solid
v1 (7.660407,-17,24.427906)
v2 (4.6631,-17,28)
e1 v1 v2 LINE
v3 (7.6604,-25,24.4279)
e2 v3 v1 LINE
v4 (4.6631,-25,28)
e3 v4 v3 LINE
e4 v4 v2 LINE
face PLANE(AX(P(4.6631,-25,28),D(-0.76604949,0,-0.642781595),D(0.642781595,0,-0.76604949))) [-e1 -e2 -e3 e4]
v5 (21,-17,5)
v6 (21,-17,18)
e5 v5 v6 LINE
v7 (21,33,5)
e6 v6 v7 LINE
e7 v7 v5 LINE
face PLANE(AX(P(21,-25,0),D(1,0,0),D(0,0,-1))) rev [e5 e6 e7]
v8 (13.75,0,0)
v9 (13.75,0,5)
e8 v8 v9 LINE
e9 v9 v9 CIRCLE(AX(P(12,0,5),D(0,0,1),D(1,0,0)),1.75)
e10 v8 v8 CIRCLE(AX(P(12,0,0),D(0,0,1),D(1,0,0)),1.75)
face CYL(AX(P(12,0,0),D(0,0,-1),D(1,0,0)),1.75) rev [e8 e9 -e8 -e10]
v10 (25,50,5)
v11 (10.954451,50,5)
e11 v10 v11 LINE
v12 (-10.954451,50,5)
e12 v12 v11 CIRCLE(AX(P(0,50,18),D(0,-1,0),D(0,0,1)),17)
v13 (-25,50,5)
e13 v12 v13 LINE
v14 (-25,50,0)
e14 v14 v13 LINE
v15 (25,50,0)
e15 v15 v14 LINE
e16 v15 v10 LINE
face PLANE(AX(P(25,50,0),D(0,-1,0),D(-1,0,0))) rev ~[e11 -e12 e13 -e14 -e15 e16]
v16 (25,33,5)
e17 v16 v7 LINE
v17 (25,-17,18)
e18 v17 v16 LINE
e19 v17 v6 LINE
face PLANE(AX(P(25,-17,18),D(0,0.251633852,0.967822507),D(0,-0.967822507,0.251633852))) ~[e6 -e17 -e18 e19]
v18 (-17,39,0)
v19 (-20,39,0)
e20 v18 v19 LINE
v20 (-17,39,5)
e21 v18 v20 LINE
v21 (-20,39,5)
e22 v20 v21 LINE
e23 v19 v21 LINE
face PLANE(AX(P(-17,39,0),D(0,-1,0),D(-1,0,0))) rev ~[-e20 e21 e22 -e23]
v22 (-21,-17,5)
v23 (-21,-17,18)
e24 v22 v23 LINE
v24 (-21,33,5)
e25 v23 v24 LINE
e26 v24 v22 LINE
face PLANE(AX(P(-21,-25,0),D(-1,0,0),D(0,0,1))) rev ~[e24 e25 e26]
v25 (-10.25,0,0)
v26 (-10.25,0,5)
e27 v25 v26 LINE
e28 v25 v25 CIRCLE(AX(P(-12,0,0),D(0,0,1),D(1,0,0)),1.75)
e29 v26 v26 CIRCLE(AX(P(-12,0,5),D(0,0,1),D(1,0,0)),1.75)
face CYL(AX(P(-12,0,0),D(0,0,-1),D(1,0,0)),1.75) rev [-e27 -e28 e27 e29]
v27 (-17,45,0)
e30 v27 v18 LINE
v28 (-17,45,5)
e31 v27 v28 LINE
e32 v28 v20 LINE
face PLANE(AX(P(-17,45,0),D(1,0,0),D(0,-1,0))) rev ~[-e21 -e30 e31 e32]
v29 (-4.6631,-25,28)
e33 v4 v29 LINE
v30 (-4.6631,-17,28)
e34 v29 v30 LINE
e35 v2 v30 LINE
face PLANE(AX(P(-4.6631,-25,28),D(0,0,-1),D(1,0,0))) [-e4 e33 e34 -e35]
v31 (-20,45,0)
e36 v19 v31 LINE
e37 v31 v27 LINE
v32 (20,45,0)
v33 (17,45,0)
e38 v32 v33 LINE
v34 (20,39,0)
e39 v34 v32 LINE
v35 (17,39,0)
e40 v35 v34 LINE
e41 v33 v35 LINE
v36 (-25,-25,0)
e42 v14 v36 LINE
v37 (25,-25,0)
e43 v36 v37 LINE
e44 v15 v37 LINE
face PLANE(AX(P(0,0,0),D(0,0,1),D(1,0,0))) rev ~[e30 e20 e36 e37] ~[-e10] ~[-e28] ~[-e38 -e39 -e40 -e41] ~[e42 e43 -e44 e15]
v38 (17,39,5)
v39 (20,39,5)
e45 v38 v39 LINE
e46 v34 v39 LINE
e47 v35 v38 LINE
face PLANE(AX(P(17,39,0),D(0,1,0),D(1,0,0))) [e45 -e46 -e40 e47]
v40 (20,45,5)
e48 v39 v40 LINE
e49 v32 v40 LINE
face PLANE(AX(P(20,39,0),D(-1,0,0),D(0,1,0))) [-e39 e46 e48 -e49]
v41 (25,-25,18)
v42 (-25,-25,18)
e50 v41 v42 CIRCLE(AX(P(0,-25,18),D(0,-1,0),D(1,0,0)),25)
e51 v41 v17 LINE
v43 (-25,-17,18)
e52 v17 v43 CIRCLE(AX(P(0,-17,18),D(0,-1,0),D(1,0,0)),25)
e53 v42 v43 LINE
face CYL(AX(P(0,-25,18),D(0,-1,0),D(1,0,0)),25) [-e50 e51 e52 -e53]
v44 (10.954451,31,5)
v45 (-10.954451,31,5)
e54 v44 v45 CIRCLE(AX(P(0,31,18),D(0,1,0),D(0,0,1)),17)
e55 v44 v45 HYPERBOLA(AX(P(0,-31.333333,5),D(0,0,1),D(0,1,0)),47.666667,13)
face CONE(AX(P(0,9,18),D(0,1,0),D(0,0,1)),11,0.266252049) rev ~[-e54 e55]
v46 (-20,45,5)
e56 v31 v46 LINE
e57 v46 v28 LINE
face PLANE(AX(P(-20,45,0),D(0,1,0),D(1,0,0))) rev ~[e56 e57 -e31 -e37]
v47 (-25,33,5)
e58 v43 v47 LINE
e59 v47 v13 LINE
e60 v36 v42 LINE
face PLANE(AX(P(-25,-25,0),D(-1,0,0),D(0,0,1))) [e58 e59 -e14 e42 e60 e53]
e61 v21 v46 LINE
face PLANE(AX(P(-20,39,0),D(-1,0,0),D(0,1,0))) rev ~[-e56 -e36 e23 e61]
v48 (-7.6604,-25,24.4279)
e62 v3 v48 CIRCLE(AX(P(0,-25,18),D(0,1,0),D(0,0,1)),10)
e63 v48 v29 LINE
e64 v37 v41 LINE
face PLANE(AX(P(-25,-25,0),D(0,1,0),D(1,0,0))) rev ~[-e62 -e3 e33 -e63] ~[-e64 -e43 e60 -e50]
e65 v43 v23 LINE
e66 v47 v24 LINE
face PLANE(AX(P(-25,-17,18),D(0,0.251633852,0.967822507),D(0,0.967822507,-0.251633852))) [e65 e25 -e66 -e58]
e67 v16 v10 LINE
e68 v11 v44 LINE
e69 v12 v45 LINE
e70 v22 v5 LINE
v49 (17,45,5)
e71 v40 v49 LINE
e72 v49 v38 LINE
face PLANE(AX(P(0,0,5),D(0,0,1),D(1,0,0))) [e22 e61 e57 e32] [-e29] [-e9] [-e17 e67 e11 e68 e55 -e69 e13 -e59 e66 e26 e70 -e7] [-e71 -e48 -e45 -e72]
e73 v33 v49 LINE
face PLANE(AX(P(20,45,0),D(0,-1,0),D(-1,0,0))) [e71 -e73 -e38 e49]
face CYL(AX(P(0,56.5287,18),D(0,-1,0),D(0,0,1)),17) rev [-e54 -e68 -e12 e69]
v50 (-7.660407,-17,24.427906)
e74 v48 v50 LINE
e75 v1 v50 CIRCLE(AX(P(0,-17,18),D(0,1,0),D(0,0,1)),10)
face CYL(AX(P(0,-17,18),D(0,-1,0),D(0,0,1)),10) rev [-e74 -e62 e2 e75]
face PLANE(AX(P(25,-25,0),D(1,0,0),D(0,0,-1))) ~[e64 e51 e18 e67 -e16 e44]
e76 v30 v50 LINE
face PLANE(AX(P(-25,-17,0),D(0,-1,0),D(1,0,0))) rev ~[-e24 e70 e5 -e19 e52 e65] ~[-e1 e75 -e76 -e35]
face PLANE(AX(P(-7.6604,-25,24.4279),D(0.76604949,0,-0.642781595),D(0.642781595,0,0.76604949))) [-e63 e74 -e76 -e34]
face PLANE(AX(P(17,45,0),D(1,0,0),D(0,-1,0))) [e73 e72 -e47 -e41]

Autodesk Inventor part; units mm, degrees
ref_plane "YZ Plane" through (0, 0, 0) normal (1, 0, 0) x (0, 1, 0)
ref_plane "XZ Plane" through (0, 0, 0) normal (0, 1, 0) x (-1, 0, 0)
ref_plane "XY Plane" through (0, 0, 0) normal (0, 0, 1) x (1, 0, 0)
sketch "Sketch1" plane through (0, 0, 0) normal (0, 0, 1) x (1, 0, 0)
  line L0 (-25, -25) -> (25, -25)
  line L1 (25, -25) -> (25, 25)
  line L2 (25, 25) -> (-25, 25)
  line L3 (-25, 25) -> (-25, -25)
  line L4 (-25, -25) -> (25, 25) construction
  line L5 (25, -25) -> (-25, 25) construction
  line L6 (-25, 0) -> (25, 0) construction
  circle A0 centre (-12, 0) radius 1.75
  line L7 (0, 25) -> (0, -25) construction
  circle A1 centre (12, 0) radius 1.75
  line L8 (-25, 25) -> (25, 25)
  line L9 (25, 25) -> (25, 50)
  line L10 (25, 50) -> (-25, 50)
  line L11 (-25, 50) -> (-25, 25)
  line L12 (-20, 45) -> (-17, 45)
  line L13 (-17, 45) -> (-17, 39)
  line L14 (-17, 39) -> (-20, 39)
  line L15 (-20, 39) -> (-20, 45)
  line L16 (20, 45) -> (17, 45)
  line L17 (17, 45) -> (17, 39)
  line L18 (17, 39) -> (20, 39)
  line L19 (20, 39) -> (20, 45)
  point P0 (0, 0)
  dimension "d0" = 50
  dimension "d1" = 50
  dimension "d14" = 3.5
  dimension "d15" = 24
  dimension "d16" = 25
  dimension "d17" = 5
  dimension "d18" = 6
  dimension "d19" = 3
  dimension "d20" = 17
extrude "Extrusion1" add sketch "Sketch1" along normal blind 5
sketch "Sketch2" plane through (-25, -25, 0) normal (0, -1, 0) x (1, 0, 0)
  line L0 (0, 0) -> (50, 0) projected
  line L1 (0, 5) -> (50, 5) projected
  line L2 (0, 0) -> (0, 5) projected
  arc A0 (17.3396, 24.4279) -> (32.6604, 24.4279) centre (25, 18) ccw
  circle A1 centre (25, 18) radius 17 construction
  line L3 (25, 18) -> (25, 0) construction
  line L4 (0, 5) -> (0, 18)
  arc A2 (50, 18) -> (0, 18) centre (25, 18) ccw
  line L5 (50, 18) -> (50, 5)
  line L6 (25, 18) -> (25, 43) construction
  line L7 (17.3396, 24.4279) -> (20.3369, 28)
  line L8 (25, 33.5572) -> (29.6631, 28)
  line L9 (50, 0) -> (50, 5) projected
  line L10 (20.3369, 28) -> (29.6631, 28)
  arc A3 (32.6604, 24.4279) -> (25, 28) centre (25, 18) ccw
  arc A4 (25, 28) -> (17.3396, 24.4279) centre (25, 18) ccw
  arc A5 (25, 28) -> (17.3396, 24.4279) centre (25, 18) ccw
  arc A6 (32.6604, 24.4279) -> (25, 28) centre (25, 18) ccw
  line L11 (29.6631, 28) -> (32.6604, 24.4279)
  line L12 (20.3369, 28) -> (25, 33.5572)
  dimension "d4" = 20
  dimension "d5" = 34
  dimension "d6" = 18
  dimension "d24" = 80
extrude "Extrusion2" add sketch "Sketch2" against normal blind 8 contours L4 A2 L5 L1 | A4 A3 A0 | L7 L10 A4 | A3 L10 L11 | L12 L8 L10
sketch "Sketch3" plane through (0, 0, 0) normal (1, 0, 0) x (0, 1, 0)
  line L0 (-17, 28) -> (-25, 28) projected
  line L1 (-17, 8) -> (-17, 5) projected
  line L2 (-17, 5) -> (50, 5) projected
  line L3 (50, 0) -> (-25, 0) projected
  line L4 (-25, 0) -> (-25, 8) projected
  line L5 (-25, 43) -> (-17, 43) projected
  line L6 (-17, 43) -> (-17, 28) projected
  line L7 (-25, 8) -> (-17, 8) projected
  line L8 (-25, 28) -> (-25, 43) projected
  line L9 (-25, 8) -> (-25, 28)
  line L10 (-25, 18) -> (31, 18)
  line L11 (9, 29) -> (31, 35)
  line L12 (31, 18) -> (31, 35)
  line L13 (50, 5) -> (50, 0) projected
  line L14 (9, 29) -> (-17, 28)
  line L15 (31, 18) -> (56.5287, 18)
  line L16 (56.5287, 18) -> (56.5287, 35)
  line L17 (56.5287, 35) -> (31, 35)
  line L18 (31, 35) -> (31, 18)
  point P0 (0, 0)
  dimension "d9" = 26
  dimension "d10" = 22
  dimension "d11" = 11
  dimension "d12" = 17
revolve "Revolution1" cut sketch "Sketch3" angle 360 about axis through (0, -25, 18) along (0, 1, 0) contours L14 L11 L12 L10 L9 L0 | L17 L16 L15 L12
sketch "Sketch4" plane through (-25, -25, 0) normal (-1, 0, 0) x (0, 0, 1)
  line L0 (5, 8) -> (18, 8) projected
  line L1 (5, 75) -> (5, 8) projected
  line L2 (18, 8) -> (5, 58)
  point P0 (0, 25)
  dimension "d21" = 50
extrude "Extrusion3" add sketch "Sketch4" against normal blind 4
mirror "Mirror1" about plane through (0, 0, 0) normal (1, 0, 0) of "Extrusion3"
sketch "Szkic5" plane through (-25, -25, 0) normal (0, -1, 0) x (1, 0, 0)
  circle A0 centre (25, 18) radius 10 projected
  line L0 (20.3369, 28) -> (29.6631, 28) projected
  line L1 (17.3396, 24.4279) -> (20.3369, 28) projected
  line L2 (29.6631, 28) -> (32.6604, 24.4279) projected
  point P0 (25, 0)
extrude "Wyciągnięcie proste4" cut sketch "Szkic5" against normal up to next contours A0 L0 L2 | L1 L0 A0
properties part number "proxxon_mount"
